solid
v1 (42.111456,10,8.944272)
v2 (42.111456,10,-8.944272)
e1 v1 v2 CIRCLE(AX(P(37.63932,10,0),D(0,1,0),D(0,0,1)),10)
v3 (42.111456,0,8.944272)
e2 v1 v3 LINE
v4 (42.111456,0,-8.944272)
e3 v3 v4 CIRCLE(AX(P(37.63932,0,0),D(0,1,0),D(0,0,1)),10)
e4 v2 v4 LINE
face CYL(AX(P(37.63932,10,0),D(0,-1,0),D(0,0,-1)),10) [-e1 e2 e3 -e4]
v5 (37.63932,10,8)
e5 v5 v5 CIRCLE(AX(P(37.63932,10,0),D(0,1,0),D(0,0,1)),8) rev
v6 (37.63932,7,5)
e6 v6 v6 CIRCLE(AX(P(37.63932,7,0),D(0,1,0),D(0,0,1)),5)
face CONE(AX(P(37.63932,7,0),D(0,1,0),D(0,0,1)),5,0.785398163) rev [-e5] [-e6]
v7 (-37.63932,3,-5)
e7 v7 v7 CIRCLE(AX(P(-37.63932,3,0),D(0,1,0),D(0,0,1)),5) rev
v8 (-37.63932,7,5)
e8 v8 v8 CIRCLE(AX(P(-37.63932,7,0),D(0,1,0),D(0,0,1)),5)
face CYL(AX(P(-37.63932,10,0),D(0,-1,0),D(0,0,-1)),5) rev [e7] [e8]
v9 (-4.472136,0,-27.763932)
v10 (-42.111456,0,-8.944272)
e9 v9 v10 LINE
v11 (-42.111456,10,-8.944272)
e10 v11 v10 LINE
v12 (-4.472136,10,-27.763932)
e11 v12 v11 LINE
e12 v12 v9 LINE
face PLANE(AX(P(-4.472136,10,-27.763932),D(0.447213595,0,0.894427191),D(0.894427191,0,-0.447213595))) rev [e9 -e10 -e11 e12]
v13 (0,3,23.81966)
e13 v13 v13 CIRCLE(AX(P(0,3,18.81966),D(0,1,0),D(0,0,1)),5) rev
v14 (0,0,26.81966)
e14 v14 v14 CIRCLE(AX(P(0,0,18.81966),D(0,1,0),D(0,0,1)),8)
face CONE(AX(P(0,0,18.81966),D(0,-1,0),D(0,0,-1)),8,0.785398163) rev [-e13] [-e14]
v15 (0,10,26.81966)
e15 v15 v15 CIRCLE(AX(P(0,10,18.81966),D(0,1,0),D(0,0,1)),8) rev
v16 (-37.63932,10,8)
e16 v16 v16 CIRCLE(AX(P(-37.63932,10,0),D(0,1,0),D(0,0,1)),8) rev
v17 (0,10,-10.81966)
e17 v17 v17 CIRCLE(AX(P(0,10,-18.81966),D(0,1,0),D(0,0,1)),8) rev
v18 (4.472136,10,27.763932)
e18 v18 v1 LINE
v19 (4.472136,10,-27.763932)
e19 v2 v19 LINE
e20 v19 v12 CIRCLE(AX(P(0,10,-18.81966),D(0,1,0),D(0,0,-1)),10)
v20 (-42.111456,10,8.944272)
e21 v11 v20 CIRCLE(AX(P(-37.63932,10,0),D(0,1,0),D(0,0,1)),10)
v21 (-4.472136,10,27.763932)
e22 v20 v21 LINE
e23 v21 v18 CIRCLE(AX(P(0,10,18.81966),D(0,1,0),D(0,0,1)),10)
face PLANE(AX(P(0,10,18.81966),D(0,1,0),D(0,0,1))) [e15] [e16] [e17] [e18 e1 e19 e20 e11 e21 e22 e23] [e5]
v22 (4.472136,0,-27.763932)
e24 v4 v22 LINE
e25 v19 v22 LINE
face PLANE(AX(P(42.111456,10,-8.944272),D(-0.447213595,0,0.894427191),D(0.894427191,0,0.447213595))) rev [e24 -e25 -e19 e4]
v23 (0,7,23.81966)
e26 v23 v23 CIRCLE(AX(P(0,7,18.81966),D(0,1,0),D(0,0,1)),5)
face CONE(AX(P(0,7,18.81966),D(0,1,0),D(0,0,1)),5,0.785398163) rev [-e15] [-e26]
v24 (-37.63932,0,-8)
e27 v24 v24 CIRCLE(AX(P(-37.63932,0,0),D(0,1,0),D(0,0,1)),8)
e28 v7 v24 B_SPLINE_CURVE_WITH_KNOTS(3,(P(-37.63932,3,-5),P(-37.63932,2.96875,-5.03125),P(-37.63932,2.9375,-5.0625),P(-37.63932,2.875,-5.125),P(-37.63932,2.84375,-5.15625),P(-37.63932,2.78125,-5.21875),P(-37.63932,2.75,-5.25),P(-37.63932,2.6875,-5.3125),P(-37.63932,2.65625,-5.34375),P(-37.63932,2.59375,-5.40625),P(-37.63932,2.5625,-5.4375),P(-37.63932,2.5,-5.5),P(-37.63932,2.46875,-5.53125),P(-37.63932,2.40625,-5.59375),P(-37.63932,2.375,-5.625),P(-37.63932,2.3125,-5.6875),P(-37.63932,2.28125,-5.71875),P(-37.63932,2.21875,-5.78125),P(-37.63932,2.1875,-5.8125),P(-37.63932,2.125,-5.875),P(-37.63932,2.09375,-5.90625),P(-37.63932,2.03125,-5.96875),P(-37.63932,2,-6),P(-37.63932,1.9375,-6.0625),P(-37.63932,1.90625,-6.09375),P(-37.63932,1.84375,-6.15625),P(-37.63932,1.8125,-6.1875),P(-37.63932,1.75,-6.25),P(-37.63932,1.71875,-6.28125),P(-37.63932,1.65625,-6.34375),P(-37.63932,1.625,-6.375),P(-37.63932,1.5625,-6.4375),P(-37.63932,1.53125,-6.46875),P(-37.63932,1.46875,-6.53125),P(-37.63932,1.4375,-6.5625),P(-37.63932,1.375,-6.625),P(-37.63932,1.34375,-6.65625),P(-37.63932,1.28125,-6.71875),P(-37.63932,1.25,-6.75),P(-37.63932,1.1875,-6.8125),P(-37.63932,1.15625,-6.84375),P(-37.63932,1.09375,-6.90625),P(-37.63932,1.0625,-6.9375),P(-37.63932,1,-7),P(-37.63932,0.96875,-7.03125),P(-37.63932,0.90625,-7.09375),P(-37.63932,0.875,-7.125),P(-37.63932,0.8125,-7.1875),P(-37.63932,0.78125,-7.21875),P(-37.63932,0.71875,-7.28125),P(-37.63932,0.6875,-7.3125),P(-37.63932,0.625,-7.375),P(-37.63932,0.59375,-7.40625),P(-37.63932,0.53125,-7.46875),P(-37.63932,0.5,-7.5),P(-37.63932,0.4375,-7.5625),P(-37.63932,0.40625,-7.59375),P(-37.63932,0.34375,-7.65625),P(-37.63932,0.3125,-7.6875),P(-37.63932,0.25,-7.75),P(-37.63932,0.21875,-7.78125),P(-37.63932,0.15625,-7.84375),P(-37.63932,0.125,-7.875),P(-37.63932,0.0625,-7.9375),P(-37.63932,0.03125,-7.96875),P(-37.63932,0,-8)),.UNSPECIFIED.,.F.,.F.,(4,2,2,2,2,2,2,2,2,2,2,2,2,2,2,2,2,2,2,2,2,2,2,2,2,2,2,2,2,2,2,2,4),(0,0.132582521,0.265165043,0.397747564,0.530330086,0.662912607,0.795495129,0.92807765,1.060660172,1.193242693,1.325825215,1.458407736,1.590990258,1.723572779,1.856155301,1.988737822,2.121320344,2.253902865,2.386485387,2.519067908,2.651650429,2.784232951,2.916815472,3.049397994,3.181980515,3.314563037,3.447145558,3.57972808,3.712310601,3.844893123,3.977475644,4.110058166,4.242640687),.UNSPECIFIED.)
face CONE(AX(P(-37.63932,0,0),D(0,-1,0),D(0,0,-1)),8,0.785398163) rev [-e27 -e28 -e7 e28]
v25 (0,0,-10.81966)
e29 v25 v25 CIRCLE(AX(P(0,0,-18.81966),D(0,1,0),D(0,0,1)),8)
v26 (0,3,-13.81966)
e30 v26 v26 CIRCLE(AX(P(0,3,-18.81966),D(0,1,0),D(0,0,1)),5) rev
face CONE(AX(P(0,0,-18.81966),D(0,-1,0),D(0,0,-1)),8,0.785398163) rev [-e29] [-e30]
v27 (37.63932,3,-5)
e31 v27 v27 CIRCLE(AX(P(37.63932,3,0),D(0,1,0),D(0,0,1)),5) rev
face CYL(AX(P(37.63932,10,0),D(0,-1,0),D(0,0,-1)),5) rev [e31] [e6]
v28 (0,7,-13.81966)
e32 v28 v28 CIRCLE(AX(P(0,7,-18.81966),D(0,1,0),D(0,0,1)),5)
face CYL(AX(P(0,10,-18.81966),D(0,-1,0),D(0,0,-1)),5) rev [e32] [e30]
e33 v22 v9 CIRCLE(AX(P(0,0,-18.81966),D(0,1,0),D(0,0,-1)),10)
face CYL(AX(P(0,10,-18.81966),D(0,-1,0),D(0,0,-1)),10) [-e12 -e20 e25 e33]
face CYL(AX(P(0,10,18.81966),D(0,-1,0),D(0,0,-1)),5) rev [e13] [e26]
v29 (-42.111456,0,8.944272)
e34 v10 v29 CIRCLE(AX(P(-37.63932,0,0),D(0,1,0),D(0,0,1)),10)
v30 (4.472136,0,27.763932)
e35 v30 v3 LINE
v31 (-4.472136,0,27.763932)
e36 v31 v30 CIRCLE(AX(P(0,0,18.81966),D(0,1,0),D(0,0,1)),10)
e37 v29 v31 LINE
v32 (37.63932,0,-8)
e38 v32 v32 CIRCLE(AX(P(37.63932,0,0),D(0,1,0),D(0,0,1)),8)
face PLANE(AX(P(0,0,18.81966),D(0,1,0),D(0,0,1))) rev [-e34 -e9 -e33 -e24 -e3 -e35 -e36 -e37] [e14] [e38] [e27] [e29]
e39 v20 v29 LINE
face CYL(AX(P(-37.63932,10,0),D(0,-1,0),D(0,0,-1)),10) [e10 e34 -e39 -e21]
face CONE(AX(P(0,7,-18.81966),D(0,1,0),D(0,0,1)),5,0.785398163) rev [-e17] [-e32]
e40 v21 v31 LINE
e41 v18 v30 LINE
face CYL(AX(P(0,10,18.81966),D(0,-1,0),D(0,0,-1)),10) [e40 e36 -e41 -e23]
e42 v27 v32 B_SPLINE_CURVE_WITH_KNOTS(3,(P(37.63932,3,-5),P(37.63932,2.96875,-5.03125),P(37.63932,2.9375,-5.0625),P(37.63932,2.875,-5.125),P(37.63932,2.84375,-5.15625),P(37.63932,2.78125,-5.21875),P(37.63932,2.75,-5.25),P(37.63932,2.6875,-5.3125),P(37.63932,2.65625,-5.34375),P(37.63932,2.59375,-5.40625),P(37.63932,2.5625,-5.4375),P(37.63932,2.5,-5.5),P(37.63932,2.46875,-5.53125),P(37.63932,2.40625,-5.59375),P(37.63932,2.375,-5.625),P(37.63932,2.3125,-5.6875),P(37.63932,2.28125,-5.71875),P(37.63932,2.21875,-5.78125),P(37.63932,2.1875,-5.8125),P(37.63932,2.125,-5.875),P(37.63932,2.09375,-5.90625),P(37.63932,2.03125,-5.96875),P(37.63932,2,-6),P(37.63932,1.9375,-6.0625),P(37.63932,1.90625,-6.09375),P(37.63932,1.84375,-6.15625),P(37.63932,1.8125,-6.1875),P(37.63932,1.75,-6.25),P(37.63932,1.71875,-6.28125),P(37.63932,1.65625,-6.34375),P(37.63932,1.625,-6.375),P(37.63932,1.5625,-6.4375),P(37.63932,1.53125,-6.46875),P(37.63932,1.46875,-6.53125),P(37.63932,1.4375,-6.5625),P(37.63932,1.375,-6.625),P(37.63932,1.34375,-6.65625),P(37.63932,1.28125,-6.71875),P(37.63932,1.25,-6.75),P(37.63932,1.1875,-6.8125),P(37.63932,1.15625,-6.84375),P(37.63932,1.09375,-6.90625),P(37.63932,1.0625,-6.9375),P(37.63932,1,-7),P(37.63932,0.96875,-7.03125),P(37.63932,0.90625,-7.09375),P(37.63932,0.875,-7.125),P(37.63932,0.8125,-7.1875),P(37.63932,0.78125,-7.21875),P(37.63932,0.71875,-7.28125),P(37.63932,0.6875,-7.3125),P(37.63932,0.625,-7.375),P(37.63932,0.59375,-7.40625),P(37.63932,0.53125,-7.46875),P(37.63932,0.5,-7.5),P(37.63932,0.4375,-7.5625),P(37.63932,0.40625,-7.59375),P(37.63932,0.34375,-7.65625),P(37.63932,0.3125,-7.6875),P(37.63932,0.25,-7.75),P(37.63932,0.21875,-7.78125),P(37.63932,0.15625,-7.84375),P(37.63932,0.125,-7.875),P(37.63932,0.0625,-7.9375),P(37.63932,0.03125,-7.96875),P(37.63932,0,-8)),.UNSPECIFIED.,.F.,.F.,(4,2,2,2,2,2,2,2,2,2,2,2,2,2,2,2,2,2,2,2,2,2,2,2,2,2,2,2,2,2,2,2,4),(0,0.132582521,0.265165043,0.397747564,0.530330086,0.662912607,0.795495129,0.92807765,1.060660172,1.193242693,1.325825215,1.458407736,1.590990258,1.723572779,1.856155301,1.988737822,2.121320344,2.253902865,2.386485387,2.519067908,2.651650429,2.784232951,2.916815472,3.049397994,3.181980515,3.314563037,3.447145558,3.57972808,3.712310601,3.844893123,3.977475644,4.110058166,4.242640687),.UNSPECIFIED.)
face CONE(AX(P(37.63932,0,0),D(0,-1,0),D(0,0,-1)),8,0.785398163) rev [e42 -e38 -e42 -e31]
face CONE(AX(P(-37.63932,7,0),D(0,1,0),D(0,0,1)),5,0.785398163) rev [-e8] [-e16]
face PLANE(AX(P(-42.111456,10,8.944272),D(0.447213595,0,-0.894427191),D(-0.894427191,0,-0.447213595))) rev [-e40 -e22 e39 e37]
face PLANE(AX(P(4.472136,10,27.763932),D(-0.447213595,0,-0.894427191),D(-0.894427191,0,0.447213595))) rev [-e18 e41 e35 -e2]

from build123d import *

# Parameters (mm, degrees)
SKETCH1_R           = 5
BOSS_EXTRUDE1_DEPTH = 10
CHAMFER1_SIZE       = 3


with BuildPart() as part:
    # Sketch1 → Boss-Extrude1 (new body)
    with BuildSketch(Plane(origin=(0, 0, 0), x_dir=(1, 0, 0), z_dir=(0, 1, 0))):
        with BuildLine():
            Line((-4.472135955, 27.763932023), (-42.11145618, 8.94427191))
            ThreePointArc((-42.11145618, 8.94427191), (-47.639320225, 0), (-42.11145618, -8.94427191))
            Line((-42.11145618, -8.94427191), (-4.472135955, -27.763932023))
            ThreePointArc((-4.472135955, -27.763932023), (0, -28.819660113), (4.472135955, -27.763932023))
            Line((4.472135955, -27.763932023), (42.11145618, -8.94427191))
            ThreePointArc((42.11145618, -8.94427191), (47.639320225, 0), (42.11145618, 8.94427191))
            Line((42.11145618, 8.94427191), (4.472135955, 27.763932023))
            ThreePointArc((4.472135955, 27.763932023), (0, 28.819660113), (-4.472135955, 27.763932023))
        make_face()
        with Locations(Location((0, 18.819660113, 0), (0, 0, 270))):
            Circle(SKETCH1_R, mode=Mode.SUBTRACT)
        with Locations(Location((37.639320225, 0, 0), (0, 0, 270))):
            Circle(SKETCH1_R, mode=Mode.SUBTRACT)
        with Locations(Location((0, -18.819660113, 0), (0, 0, 270))):
            Circle(SKETCH1_R, mode=Mode.SUBTRACT)
        with Locations(Location((-37.639320225, 0, 0), (0, 0, 270))):
            Circle(SKETCH1_R, mode=Mode.SUBTRACT)
    extrude(amount=BOSS_EXTRUDE1_DEPTH)

    # Chamfer1
    chamfer1_edges = [part.edges().sort_by_distance(p)[0] for p in [
        (0, 0, -23.819660113),
        (0, 10, -23.819660113),
        (37.639320225, 0, -5),
        (37.639320225, 10, -5),
        (0, 0, 13.819660113),
        (0, 10, 13.819660113),
        (-37.639320225, 0, -5),
        (-37.639320225, 10, -5),
    ]]
    chamfer(chamfer1_edges, length=CHAMFER1_SIZE)


solid = part.part
